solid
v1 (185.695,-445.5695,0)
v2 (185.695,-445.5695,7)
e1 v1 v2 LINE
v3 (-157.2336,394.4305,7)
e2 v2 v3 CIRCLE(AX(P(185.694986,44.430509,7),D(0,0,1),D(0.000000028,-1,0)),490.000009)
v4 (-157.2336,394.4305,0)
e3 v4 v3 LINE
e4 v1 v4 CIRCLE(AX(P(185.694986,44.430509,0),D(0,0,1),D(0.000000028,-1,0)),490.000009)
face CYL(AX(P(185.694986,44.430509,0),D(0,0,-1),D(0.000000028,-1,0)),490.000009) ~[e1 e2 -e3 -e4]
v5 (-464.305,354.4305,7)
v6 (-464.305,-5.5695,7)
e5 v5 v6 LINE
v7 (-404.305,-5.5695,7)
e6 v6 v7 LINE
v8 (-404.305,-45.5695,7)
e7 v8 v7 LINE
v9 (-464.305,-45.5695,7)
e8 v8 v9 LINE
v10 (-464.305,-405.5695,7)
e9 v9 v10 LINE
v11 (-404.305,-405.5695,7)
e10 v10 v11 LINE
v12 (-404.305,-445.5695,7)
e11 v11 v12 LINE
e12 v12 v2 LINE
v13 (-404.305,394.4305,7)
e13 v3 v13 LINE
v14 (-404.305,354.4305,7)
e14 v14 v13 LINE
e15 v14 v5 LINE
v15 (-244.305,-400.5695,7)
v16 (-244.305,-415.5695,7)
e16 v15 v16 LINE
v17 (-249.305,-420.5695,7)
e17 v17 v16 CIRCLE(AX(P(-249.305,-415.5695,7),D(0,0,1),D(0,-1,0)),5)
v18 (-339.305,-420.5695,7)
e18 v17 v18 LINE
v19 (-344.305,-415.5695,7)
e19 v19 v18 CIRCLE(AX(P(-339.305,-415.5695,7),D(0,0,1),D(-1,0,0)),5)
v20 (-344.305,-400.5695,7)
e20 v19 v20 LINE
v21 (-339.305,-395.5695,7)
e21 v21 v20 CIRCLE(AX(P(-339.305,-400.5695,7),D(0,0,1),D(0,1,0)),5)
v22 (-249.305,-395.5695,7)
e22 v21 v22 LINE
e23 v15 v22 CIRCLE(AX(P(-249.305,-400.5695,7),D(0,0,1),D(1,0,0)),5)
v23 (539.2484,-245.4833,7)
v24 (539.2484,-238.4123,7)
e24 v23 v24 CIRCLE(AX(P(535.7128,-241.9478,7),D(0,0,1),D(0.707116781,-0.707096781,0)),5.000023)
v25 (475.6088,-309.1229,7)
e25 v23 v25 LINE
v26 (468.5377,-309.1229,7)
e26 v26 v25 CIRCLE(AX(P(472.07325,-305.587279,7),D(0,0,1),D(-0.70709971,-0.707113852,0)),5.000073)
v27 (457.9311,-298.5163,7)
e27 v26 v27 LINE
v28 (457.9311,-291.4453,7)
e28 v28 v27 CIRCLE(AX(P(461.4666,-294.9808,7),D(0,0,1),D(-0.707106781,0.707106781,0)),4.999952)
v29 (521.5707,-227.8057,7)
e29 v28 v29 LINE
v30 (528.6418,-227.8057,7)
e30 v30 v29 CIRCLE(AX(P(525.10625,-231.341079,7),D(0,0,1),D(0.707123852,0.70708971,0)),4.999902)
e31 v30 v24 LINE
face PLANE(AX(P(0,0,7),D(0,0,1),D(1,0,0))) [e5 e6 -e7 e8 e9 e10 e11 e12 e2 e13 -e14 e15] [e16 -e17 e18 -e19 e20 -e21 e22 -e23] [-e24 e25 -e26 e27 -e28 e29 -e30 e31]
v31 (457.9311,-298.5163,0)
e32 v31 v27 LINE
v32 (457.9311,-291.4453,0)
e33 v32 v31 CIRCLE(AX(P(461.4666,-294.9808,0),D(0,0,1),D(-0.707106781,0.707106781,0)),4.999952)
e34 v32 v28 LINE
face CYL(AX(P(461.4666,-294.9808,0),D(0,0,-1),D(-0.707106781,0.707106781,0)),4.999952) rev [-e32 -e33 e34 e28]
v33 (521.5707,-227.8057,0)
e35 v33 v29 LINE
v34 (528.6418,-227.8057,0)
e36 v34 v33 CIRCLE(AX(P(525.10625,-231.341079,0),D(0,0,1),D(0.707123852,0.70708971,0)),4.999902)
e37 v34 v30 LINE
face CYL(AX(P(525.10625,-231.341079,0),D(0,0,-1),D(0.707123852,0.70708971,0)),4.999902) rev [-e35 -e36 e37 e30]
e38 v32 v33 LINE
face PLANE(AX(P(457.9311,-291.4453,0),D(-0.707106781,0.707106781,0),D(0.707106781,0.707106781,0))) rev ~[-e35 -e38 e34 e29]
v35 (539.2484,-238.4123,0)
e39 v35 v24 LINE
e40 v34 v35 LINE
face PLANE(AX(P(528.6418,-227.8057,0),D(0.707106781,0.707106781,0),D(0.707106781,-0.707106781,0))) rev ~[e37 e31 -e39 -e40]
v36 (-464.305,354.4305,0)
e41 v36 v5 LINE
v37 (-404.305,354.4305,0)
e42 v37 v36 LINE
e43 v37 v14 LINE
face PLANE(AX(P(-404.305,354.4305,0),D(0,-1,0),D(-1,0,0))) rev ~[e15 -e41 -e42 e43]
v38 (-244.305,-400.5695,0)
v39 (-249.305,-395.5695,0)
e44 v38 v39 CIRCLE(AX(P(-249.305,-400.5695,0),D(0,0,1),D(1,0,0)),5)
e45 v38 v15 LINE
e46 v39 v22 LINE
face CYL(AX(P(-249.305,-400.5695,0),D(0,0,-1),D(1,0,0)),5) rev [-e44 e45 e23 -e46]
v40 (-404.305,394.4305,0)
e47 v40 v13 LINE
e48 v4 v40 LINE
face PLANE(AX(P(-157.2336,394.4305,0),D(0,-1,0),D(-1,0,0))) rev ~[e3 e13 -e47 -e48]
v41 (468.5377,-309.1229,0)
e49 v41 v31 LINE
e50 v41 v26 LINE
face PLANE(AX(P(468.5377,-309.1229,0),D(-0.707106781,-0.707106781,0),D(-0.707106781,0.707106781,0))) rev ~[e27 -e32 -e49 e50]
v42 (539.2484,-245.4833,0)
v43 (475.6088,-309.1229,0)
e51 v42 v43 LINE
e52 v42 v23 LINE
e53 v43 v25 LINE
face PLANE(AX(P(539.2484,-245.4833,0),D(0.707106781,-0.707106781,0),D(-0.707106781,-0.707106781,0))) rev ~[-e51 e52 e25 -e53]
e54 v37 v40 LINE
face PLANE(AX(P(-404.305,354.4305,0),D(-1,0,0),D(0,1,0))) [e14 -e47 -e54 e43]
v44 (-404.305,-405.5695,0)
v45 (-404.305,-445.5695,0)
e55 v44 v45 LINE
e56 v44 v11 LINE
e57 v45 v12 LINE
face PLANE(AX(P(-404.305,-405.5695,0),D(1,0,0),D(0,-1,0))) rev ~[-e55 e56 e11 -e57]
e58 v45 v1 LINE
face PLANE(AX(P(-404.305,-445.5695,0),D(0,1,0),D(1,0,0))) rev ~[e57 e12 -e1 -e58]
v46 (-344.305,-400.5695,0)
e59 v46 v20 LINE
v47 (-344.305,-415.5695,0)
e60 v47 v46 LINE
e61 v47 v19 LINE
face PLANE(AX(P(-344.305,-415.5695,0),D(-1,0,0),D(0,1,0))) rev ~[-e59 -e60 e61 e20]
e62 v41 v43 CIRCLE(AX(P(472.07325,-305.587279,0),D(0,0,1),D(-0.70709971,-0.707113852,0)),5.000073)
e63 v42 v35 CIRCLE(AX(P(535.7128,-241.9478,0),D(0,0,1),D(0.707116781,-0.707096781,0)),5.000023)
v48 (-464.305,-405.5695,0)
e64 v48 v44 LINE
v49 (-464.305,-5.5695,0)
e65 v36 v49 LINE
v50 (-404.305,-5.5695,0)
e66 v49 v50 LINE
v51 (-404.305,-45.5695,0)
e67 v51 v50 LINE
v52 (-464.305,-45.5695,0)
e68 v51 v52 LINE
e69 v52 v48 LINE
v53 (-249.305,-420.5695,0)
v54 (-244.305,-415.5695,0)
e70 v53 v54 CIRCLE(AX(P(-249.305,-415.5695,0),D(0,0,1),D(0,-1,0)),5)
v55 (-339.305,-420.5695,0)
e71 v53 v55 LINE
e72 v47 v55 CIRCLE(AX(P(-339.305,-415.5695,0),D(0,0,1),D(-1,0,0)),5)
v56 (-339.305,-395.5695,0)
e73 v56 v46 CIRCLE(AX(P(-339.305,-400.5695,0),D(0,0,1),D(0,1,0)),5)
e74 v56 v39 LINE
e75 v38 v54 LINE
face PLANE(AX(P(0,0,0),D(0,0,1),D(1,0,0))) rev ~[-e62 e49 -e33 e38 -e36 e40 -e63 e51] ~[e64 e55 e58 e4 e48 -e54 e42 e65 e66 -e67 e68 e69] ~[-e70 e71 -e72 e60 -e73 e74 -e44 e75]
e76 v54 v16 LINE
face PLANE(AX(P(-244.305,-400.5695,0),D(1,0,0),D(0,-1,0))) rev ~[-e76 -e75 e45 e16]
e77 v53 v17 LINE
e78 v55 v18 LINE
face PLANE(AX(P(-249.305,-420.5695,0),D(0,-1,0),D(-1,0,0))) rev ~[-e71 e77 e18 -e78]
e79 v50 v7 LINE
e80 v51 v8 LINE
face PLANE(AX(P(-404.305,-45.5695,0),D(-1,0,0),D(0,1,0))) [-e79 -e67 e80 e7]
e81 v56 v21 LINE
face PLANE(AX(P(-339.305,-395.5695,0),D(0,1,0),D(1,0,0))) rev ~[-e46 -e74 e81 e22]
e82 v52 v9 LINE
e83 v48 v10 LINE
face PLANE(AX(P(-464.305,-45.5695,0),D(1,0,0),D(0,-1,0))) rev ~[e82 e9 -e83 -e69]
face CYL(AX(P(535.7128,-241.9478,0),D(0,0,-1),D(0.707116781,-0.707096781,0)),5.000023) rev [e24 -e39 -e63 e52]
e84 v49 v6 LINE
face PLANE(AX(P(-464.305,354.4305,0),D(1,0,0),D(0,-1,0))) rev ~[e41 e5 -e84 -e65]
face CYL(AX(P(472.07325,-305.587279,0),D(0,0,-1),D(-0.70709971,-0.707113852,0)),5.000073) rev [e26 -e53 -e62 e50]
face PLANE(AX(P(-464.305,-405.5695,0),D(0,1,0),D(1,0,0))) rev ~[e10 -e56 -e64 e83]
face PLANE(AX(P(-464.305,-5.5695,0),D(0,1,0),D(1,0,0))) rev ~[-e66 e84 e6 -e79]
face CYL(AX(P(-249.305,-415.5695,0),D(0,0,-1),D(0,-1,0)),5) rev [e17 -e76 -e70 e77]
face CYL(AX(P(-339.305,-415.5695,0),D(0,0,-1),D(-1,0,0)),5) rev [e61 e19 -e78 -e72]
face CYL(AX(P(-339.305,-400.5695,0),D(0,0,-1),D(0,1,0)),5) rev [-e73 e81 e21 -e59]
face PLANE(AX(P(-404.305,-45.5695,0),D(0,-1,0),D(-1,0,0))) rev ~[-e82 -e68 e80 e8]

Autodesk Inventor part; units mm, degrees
ref_plane "YZ Plane" through (0, 0, 0) normal (1, 0, 0) x (0, 1, 0)
ref_plane "XZ Plane" through (0, 0, 0) normal (0, 1, 0) x (-1, 0, 0)
ref_plane "XY Plane" through (0, 0, 0) normal (0, 0, 1) x (1, 0, 0)
ref_plane "Work Plane1" through (0, 0, 0) normal (0, 0, 1) x (1, 0, 0)
sketch "Sketch1" plane through (0, 0, 0) normal (0, 0, 1) x (1, 0, 0)
  arc A0 (185.695, -445.5695) -> (-157.2336, 394.4305) centre (185.695, 44.4305) ccw construction
  arc A1 (185.695, -445.5695) -> (-157.2336, 394.4305) centre (185.695, 44.4305) ccw
  line L0 (-404.305, -445.5695) -> (-404.305, -405.5695) construction
  line L1 (-404.305, -405.5695) -> (-524.305, -405.5695) construction
  line L2 (-524.305, -45.5695) -> (-404.305, -45.5695) construction
  line L3 (-404.305, -45.5695) -> (-404.305, -5.5695) construction
  line L4 (-404.305, -5.5695) -> (-524.305, -5.5695) construction
  line L5 (-524.305, 354.4305) -> (-404.305, 354.4305) construction
  line L6 (-404.305, 354.4305) -> (-404.305, 394.4305) construction
  line L7 (-157.2336, 394.4305) -> (-464.305, 394.4305) construction
  line L8 (-157.2336, 394.4305) -> (-404.305, 394.4305)
  line L9 (-404.305, 354.4305) -> (-464.305, 354.4305)
  line L10 (-464.305, -5.5695) -> (-404.305, -5.5695)
  line L11 (-404.305, -45.5695) -> (-464.305, -45.5695)
  line L12 (-404.305, -45.5695) -> (-404.305, -5.5695)
  line L13 (-404.305, 354.4305) -> (-404.305, 394.4305)
  line L14 (-464.305, 354.4305) -> (-464.305, -5.5695)
  line L15 (-464.305, -45.5695) -> (-464.305, -405.5695)
  line L16 (-464.305, -405.5695) -> (-404.305, -405.5695)
  line L17 (-404.305, -405.5695) -> (-404.305, -445.5695)
  line L18 (-404.305, -445.5695) -> (185.695, -445.5695)
  line L19 (539.2484, -245.4833) -> (475.6088, -309.1229) projected
  arc A2 (468.5377, -309.1229) -> (475.6088, -309.1229) centre (472.0732, -305.5874) ccw projected
  line L20 (468.5377, -309.1229) -> (457.9311, -298.5163) projected
  arc A3 (457.9311, -291.4453) -> (457.9311, -298.5163) centre (461.4666, -294.9808) ccw projected
  line L21 (457.9311, -291.4453) -> (521.5707, -227.8057) projected
  line L22 (528.6418, -227.8057) -> (539.2484, -238.4123) projected
  arc A4 (539.2484, -245.4833) -> (539.2484, -238.4123) centre (535.7128, -241.9478) ccw projected
  arc A5 (528.6418, -227.8057) -> (521.5707, -227.8057) centre (525.1062, -231.3412) ccw projected
  line L23 (-249.305, -420.5695) -> (-339.305, -420.5695) projected
  arc A6 (-249.305, -420.5695) -> (-244.305, -415.5695) centre (-249.305, -415.5695) ccw projected
  line L24 (-244.305, -400.5695) -> (-244.305, -415.5695) projected
  arc A7 (-244.305, -400.5695) -> (-249.305, -395.5695) centre (-249.305, -400.5695) ccw projected
  line L25 (-339.305, -395.5695) -> (-249.305, -395.5695) projected
  arc A8 (-339.305, -395.5695) -> (-344.305, -400.5695) centre (-339.305, -400.5695) ccw projected
  line L26 (-344.305, -415.5695) -> (-344.305, -400.5695) projected
  arc A9 (-344.305, -415.5695) -> (-339.305, -420.5695) centre (-339.305, -415.5695) ccw projected
  point P0 (0, 0)
extrude "Extrusion1" add sketch "Sketch1" along normal blind 7
properties part number "Foam_Left"
